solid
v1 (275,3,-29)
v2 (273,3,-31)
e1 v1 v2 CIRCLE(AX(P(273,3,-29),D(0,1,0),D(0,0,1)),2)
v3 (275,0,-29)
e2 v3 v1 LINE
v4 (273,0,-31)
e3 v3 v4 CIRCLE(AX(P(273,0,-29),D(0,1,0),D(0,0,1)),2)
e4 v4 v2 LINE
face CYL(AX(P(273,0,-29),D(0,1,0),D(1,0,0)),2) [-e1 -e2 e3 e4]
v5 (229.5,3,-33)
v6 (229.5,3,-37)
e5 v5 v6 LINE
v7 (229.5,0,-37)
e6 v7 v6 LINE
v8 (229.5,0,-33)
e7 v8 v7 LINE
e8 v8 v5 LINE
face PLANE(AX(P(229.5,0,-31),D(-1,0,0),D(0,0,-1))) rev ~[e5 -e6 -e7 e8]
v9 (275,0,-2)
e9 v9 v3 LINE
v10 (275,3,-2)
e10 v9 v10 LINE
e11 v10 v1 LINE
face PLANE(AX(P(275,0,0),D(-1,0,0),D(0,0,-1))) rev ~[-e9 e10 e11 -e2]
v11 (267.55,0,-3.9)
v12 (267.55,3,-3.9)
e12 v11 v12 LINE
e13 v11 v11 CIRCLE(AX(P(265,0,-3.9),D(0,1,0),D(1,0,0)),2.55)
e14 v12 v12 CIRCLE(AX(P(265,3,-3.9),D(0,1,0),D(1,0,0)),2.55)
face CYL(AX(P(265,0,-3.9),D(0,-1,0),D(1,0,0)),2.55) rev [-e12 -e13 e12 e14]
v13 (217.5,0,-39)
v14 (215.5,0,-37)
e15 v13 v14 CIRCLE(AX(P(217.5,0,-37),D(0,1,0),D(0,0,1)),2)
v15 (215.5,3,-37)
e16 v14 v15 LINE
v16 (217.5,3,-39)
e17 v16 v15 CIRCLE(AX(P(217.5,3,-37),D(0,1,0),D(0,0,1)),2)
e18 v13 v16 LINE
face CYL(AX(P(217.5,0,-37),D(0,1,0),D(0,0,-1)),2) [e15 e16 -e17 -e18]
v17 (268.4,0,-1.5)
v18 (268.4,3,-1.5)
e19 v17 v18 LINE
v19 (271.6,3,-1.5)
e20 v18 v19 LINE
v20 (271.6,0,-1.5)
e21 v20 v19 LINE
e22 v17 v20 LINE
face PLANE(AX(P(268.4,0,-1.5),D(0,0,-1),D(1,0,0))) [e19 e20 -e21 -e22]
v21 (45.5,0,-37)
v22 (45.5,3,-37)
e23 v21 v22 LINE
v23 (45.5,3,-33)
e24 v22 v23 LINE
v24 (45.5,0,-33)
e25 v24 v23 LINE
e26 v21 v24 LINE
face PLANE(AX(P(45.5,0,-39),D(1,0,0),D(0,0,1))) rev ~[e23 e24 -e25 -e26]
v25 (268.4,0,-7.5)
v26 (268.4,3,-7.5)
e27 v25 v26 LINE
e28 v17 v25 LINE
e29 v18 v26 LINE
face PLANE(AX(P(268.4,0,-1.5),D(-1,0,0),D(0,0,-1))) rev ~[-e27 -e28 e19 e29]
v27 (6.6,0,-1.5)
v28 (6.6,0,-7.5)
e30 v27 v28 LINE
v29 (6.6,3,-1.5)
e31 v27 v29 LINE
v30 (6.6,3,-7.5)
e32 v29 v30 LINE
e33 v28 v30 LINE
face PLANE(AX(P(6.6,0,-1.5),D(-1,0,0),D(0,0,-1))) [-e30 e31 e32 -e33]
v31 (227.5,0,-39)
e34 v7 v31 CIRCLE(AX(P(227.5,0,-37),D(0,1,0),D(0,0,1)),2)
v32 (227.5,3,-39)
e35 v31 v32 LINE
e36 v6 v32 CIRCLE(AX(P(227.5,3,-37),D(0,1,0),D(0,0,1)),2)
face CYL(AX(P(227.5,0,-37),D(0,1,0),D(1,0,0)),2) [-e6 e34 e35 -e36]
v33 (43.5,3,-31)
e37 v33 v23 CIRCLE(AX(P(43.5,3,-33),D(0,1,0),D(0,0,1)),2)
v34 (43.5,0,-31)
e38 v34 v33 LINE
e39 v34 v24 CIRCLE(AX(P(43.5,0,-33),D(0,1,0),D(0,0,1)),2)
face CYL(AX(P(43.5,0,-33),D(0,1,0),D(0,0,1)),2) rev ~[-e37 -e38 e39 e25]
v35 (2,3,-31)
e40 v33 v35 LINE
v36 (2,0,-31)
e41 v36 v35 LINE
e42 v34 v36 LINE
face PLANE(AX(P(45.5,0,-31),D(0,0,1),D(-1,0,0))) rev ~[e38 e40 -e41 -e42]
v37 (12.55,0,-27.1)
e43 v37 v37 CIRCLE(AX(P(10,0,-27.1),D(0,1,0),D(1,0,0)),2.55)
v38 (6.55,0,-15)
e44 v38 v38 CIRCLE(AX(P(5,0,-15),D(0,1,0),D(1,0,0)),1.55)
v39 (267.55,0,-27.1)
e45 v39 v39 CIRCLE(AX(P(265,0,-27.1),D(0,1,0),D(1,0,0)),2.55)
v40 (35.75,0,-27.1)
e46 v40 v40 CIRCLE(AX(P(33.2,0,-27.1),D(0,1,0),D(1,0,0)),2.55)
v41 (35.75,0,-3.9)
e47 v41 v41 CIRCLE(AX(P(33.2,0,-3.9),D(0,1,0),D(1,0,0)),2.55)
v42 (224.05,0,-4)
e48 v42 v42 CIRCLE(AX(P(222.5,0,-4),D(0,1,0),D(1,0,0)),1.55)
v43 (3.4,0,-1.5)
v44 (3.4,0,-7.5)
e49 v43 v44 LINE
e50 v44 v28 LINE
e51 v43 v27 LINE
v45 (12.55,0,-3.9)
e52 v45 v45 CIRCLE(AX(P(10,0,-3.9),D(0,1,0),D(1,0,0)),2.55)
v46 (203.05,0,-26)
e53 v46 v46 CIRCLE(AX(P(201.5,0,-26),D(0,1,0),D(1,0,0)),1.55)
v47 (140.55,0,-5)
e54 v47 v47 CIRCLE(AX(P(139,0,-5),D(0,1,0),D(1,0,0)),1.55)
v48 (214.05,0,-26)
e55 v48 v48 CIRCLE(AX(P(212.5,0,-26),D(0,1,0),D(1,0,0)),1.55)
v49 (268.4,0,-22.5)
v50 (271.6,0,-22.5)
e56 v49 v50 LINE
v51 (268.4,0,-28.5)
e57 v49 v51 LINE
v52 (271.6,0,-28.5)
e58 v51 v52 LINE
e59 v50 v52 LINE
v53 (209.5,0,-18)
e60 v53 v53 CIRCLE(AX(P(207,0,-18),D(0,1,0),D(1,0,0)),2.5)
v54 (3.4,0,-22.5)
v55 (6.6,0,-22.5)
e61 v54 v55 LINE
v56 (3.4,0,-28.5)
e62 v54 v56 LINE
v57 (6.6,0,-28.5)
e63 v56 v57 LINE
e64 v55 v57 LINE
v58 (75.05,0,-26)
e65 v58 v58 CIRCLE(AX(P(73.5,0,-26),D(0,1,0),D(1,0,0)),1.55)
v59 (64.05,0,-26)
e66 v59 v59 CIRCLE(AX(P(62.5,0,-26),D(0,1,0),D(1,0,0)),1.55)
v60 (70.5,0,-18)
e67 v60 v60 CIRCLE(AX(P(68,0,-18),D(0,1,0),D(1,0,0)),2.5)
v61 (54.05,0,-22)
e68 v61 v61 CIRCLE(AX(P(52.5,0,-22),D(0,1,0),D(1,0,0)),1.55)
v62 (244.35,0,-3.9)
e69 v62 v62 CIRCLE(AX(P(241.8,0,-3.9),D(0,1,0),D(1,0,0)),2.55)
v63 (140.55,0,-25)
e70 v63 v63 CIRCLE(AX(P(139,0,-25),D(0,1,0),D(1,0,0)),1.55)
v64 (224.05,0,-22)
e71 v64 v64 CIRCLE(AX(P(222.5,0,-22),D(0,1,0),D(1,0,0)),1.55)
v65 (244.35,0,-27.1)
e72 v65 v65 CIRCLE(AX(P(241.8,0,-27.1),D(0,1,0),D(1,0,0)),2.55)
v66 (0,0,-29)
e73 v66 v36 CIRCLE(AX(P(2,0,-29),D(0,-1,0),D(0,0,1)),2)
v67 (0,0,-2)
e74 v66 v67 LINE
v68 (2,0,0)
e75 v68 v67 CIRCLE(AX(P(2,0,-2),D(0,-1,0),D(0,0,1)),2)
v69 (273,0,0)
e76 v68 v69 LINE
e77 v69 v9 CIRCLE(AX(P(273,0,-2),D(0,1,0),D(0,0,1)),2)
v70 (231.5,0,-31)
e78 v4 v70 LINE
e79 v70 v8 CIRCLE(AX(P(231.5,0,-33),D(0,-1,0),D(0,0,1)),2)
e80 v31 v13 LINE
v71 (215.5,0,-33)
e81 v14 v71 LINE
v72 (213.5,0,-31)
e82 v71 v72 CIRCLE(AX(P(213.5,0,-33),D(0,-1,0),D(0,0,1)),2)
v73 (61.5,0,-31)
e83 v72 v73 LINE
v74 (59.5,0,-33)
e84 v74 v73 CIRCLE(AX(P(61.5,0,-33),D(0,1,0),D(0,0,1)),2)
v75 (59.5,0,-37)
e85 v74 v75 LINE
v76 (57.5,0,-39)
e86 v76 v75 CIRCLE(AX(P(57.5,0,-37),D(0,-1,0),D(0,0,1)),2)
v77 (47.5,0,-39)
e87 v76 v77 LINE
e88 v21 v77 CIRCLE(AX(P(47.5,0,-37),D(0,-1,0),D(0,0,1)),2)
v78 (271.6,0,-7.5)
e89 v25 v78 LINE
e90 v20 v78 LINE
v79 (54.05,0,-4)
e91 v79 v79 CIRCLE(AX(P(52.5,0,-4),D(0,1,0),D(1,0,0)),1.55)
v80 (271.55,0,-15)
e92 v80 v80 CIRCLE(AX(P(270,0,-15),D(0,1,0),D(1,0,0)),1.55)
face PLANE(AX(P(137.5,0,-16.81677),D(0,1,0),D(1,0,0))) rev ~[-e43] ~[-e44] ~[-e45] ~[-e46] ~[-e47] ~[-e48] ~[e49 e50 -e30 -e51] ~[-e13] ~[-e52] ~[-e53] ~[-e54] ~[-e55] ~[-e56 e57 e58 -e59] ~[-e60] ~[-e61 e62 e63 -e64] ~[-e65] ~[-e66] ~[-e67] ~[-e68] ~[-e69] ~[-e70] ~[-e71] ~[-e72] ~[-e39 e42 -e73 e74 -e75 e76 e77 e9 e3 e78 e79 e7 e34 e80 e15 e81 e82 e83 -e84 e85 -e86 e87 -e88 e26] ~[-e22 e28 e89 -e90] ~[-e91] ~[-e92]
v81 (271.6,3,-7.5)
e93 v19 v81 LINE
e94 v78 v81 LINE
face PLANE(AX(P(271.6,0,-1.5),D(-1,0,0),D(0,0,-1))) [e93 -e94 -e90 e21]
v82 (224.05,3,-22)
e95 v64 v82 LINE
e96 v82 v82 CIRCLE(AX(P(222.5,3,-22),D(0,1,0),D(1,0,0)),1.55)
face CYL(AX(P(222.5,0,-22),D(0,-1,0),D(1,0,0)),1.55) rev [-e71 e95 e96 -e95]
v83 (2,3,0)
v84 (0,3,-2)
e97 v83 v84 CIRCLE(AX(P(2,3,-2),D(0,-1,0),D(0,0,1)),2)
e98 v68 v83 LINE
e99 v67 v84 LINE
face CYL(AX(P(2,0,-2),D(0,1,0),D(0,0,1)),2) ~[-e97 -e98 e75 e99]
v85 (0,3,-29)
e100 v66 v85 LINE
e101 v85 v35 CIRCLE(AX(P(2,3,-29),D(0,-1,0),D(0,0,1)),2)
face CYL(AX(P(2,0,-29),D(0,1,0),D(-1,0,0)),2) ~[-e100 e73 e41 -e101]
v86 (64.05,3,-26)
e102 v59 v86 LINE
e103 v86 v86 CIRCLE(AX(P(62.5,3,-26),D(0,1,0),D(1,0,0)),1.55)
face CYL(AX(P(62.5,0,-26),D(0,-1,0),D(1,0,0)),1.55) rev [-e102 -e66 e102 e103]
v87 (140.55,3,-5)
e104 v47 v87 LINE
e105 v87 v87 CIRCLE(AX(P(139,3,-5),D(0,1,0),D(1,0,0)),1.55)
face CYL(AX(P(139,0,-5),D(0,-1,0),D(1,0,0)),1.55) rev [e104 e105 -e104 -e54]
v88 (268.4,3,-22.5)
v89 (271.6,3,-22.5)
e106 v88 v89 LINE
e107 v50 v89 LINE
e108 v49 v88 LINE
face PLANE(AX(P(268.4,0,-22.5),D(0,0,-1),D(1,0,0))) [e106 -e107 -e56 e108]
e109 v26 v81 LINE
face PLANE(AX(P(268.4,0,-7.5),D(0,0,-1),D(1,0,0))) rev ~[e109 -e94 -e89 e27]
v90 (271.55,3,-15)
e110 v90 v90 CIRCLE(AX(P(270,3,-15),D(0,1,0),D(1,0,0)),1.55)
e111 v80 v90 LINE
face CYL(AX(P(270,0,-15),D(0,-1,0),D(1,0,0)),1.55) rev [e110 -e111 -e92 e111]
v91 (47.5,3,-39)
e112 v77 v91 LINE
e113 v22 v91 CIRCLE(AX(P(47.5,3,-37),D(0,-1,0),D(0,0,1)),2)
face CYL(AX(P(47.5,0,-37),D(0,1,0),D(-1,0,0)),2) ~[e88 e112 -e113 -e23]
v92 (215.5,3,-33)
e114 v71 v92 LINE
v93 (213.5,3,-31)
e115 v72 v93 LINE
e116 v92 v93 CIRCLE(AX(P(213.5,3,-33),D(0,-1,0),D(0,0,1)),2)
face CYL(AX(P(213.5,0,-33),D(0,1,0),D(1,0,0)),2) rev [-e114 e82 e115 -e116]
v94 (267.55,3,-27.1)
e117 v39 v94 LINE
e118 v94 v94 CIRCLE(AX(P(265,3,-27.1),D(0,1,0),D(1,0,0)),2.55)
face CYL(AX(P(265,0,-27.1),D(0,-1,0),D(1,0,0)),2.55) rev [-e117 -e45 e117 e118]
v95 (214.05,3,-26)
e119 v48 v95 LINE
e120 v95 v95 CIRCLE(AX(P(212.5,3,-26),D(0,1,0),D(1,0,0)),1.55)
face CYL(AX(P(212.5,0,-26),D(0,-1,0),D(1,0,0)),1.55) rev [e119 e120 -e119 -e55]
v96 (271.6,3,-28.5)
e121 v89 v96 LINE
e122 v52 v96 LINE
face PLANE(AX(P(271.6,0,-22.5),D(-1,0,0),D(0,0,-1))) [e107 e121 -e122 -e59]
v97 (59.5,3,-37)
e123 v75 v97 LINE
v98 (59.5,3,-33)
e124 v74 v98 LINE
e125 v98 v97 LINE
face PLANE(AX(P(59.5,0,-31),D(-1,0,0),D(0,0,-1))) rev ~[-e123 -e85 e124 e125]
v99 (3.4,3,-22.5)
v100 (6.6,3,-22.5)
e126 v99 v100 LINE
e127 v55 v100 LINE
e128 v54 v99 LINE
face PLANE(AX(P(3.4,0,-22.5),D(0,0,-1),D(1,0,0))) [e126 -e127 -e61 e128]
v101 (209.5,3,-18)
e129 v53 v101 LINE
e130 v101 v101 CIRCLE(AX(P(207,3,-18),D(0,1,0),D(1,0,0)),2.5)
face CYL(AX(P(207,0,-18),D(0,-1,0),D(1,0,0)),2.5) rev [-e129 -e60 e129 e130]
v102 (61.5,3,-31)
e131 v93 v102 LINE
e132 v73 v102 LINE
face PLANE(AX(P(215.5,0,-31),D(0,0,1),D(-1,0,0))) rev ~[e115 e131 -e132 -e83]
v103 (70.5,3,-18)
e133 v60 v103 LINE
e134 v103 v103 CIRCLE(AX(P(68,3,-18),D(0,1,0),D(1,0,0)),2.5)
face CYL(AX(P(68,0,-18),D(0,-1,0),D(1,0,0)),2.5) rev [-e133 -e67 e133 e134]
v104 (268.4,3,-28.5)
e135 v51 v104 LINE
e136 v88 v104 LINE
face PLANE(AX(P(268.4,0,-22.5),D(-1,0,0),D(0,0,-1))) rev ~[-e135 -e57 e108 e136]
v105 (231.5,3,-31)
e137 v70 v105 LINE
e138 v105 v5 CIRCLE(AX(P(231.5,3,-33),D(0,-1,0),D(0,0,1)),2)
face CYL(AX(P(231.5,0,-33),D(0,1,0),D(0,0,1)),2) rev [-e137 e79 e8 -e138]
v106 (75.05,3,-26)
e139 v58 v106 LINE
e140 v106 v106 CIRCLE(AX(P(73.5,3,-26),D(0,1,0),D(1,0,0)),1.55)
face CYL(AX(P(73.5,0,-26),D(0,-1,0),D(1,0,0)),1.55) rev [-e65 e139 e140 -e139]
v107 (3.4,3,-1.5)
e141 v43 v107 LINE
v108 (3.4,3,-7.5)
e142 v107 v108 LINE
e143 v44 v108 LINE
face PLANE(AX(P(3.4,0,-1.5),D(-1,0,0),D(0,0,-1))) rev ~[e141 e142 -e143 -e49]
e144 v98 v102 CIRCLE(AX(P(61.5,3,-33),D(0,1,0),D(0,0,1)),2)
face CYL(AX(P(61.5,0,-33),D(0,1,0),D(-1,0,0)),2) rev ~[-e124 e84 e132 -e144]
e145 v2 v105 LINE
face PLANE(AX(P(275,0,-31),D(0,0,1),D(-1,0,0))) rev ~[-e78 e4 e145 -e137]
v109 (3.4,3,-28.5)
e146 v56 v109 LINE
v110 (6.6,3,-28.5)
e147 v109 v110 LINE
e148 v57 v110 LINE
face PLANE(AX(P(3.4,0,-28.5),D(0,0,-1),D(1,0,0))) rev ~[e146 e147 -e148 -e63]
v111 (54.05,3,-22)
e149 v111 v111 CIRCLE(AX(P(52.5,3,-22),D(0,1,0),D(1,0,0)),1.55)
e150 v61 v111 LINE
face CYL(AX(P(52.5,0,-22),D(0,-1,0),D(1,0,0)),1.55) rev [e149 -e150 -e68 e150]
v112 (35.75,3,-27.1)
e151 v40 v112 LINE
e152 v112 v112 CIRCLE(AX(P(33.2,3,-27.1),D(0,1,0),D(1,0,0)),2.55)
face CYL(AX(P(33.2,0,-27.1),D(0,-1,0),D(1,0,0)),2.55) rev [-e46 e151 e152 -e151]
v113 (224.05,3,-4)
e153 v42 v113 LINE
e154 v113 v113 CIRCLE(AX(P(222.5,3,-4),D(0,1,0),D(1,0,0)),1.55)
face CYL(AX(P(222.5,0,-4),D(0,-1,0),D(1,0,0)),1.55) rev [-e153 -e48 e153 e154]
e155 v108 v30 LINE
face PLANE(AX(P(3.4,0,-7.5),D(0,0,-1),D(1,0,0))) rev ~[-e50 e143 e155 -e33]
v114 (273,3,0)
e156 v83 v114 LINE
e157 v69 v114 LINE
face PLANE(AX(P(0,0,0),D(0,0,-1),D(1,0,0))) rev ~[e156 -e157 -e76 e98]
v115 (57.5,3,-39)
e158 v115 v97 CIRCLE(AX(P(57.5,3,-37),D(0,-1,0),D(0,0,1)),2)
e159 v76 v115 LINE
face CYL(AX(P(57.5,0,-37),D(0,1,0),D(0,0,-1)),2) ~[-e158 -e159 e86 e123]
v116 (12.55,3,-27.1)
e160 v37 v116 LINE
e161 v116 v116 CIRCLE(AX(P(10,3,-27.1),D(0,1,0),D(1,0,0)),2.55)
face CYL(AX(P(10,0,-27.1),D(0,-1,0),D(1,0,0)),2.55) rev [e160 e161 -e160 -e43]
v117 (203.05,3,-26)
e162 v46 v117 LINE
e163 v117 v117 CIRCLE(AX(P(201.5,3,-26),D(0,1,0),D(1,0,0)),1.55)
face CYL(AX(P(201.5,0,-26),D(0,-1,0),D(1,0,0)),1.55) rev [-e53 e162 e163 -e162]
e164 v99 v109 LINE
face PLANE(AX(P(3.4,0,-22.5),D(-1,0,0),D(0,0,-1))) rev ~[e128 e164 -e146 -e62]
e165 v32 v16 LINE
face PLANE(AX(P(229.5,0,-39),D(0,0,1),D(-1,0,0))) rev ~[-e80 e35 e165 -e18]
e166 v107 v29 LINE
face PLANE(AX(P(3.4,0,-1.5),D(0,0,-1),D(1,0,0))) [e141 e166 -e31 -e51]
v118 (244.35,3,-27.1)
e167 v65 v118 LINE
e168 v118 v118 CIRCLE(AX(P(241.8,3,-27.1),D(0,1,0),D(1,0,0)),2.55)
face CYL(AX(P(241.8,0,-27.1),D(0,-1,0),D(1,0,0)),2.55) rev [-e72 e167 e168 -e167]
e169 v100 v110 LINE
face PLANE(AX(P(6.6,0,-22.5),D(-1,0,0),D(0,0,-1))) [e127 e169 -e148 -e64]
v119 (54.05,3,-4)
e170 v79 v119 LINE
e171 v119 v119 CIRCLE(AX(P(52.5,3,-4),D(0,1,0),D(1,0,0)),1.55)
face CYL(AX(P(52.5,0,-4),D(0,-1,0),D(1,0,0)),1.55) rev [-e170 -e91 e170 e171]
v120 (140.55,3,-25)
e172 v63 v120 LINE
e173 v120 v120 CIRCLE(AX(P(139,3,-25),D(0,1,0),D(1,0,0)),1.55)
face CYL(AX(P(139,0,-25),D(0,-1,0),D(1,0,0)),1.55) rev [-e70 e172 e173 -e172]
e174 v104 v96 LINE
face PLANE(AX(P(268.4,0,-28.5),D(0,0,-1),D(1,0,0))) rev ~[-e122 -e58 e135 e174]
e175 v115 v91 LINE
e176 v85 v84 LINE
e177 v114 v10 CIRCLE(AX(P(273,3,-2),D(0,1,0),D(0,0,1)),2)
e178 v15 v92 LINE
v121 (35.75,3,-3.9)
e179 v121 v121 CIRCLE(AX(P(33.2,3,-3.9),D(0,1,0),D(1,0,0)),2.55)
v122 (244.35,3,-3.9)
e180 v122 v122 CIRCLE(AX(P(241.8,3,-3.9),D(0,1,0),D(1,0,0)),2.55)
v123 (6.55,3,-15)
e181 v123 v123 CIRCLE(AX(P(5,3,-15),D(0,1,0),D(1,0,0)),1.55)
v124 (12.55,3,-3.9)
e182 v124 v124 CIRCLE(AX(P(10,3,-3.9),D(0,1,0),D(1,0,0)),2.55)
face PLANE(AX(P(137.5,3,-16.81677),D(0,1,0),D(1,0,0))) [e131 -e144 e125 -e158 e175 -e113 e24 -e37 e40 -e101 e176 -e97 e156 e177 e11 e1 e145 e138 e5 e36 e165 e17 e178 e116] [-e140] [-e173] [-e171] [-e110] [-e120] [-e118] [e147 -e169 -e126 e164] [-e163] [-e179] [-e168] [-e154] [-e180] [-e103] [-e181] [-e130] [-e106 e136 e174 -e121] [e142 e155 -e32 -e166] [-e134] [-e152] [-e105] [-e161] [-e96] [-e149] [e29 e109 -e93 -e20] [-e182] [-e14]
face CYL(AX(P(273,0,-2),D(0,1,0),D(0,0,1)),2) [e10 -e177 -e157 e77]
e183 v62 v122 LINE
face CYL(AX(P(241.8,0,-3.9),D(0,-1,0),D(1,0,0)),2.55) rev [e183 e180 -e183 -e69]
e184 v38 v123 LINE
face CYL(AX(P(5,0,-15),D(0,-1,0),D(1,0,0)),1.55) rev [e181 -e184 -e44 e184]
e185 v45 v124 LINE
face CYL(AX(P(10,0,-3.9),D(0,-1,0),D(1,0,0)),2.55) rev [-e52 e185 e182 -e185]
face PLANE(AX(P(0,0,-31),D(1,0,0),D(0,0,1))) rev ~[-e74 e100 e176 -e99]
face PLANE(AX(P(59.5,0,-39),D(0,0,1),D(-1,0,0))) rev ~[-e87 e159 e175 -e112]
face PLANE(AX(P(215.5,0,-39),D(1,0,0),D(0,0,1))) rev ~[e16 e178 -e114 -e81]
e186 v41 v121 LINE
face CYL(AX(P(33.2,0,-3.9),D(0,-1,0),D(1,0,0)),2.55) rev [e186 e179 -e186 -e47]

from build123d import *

# Parameters (mm, degrees)
CROQUIS1_R              = 1.55
CROQUIS1_R_2            = 2.55
CROQUIS1_R_3            = 2.5
CROQUIS1_W              = 3.2
CROQUIS1_H              = 6
SALIENTE_EXTRUIR1_DEPTH = 3
REDONDEO2_R             = 2


with BuildPart() as part:
    # Croquis1 → Saliente-Extruir1 (new body)
    with BuildSketch(Plane(origin=(0, 0, 0), x_dir=(1, 0, 0), z_dir=(0, 1, 0))):
        Polygon((0, 0), (275, 0), (275, 31), (229.5, 31), (229.5, 39), (215.5, 39), (215.5, 31), (59.5, 31), (59.5, 39), (45.5, 39), (45.5, 31), (0, 31), align=None)
        with Locations((5, 15)):
            Circle(CROQUIS1_R, mode=Mode.SUBTRACT)
        with Locations((270, 15)):
            Circle(CROQUIS1_R, mode=Mode.SUBTRACT)
        with Locations((10, 27.1)):
            Circle(CROQUIS1_R_2, mode=Mode.SUBTRACT)
        with Locations((33.2, 27.1)):
            Circle(CROQUIS1_R_2, mode=Mode.SUBTRACT)
        with Locations((33.2, 3.9)):
            Circle(CROQUIS1_R_2, mode=Mode.SUBTRACT)
        with Locations((10, 3.9)):
            Circle(CROQUIS1_R_2, mode=Mode.SUBTRACT)
        with Locations((265, 3.9)):
            Circle(CROQUIS1_R_2, mode=Mode.SUBTRACT)
        with Locations((241.8, 3.9)):
            Circle(CROQUIS1_R_2, mode=Mode.SUBTRACT)
        with Locations((265, 27.1)):
            Circle(CROQUIS1_R_2, mode=Mode.SUBTRACT)
        with Locations((241.8, 27.1)):
            Circle(CROQUIS1_R_2, mode=Mode.SUBTRACT)
        with Locations((139, 25)):
            Circle(CROQUIS1_R, mode=Mode.SUBTRACT)
        with Locations((139, 5)):
            Circle(CROQUIS1_R, mode=Mode.SUBTRACT)
        with Locations((52.5, 22)):
            Circle(CROQUIS1_R, mode=Mode.SUBTRACT)
        with Locations((52.5, 4)):
            Circle(CROQUIS1_R, mode=Mode.SUBTRACT)
        with Locations((222.5, 22)):
            Circle(CROQUIS1_R, mode=Mode.SUBTRACT)
        with Locations((222.5, 4)):
            Circle(CROQUIS1_R, mode=Mode.SUBTRACT)
        with Locations((212.5, 26)):
            Circle(CROQUIS1_R, mode=Mode.SUBTRACT)
        with Locations((62.5, 26)):
            Circle(CROQUIS1_R, mode=Mode.SUBTRACT)
        with Locations((201.5, 26)):
            Circle(CROQUIS1_R, mode=Mode.SUBTRACT)
        with Locations((73.5, 26)):
            Circle(CROQUIS1_R, mode=Mode.SUBTRACT)
        with Locations((207, 18)):
            Circle(CROQUIS1_R_3, mode=Mode.SUBTRACT)
        with Locations((68, 18)):
            Circle(CROQUIS1_R_3, mode=Mode.SUBTRACT)
        with Locations((270, 4.5)):
            Rectangle(CROQUIS1_W, CROQUIS1_H, mode=Mode.SUBTRACT)
        with Locations((5, 25.5)):
            Rectangle(CROQUIS1_W, CROQUIS1_H, mode=Mode.SUBTRACT)
        with Locations((5, 4.5)):
            Rectangle(CROQUIS1_W, CROQUIS1_H, mode=Mode.SUBTRACT)
        with Locations((270, 25.5)):
            Rectangle(CROQUIS1_W, CROQUIS1_H, mode=Mode.SUBTRACT)
    extrude(amount=SALIENTE_EXTRUIR1_DEPTH)

    # Redondeo2
    redondeo2_edges = [part.edges().sort_by_distance(p)[0] for p in [
        (0, 1.5, -31),
        (45.5, 1.5, -31),
        (45.5, 1.5, -39),
        (59.5, 1.5, -39),
        (59.5, 1.5, -31),
        (215.5, 1.5, -31),
        (215.5, 1.5, -39),
        (229.5, 1.5, -39),
        (229.5, 1.5, -31),
        (275, 1.5, -31),
        (275, 1.5, 0),
        (0, 1.5, 0),
    ]]
    fillet(redondeo2_edges, radius=REDONDEO2_R)


solid = part.part
